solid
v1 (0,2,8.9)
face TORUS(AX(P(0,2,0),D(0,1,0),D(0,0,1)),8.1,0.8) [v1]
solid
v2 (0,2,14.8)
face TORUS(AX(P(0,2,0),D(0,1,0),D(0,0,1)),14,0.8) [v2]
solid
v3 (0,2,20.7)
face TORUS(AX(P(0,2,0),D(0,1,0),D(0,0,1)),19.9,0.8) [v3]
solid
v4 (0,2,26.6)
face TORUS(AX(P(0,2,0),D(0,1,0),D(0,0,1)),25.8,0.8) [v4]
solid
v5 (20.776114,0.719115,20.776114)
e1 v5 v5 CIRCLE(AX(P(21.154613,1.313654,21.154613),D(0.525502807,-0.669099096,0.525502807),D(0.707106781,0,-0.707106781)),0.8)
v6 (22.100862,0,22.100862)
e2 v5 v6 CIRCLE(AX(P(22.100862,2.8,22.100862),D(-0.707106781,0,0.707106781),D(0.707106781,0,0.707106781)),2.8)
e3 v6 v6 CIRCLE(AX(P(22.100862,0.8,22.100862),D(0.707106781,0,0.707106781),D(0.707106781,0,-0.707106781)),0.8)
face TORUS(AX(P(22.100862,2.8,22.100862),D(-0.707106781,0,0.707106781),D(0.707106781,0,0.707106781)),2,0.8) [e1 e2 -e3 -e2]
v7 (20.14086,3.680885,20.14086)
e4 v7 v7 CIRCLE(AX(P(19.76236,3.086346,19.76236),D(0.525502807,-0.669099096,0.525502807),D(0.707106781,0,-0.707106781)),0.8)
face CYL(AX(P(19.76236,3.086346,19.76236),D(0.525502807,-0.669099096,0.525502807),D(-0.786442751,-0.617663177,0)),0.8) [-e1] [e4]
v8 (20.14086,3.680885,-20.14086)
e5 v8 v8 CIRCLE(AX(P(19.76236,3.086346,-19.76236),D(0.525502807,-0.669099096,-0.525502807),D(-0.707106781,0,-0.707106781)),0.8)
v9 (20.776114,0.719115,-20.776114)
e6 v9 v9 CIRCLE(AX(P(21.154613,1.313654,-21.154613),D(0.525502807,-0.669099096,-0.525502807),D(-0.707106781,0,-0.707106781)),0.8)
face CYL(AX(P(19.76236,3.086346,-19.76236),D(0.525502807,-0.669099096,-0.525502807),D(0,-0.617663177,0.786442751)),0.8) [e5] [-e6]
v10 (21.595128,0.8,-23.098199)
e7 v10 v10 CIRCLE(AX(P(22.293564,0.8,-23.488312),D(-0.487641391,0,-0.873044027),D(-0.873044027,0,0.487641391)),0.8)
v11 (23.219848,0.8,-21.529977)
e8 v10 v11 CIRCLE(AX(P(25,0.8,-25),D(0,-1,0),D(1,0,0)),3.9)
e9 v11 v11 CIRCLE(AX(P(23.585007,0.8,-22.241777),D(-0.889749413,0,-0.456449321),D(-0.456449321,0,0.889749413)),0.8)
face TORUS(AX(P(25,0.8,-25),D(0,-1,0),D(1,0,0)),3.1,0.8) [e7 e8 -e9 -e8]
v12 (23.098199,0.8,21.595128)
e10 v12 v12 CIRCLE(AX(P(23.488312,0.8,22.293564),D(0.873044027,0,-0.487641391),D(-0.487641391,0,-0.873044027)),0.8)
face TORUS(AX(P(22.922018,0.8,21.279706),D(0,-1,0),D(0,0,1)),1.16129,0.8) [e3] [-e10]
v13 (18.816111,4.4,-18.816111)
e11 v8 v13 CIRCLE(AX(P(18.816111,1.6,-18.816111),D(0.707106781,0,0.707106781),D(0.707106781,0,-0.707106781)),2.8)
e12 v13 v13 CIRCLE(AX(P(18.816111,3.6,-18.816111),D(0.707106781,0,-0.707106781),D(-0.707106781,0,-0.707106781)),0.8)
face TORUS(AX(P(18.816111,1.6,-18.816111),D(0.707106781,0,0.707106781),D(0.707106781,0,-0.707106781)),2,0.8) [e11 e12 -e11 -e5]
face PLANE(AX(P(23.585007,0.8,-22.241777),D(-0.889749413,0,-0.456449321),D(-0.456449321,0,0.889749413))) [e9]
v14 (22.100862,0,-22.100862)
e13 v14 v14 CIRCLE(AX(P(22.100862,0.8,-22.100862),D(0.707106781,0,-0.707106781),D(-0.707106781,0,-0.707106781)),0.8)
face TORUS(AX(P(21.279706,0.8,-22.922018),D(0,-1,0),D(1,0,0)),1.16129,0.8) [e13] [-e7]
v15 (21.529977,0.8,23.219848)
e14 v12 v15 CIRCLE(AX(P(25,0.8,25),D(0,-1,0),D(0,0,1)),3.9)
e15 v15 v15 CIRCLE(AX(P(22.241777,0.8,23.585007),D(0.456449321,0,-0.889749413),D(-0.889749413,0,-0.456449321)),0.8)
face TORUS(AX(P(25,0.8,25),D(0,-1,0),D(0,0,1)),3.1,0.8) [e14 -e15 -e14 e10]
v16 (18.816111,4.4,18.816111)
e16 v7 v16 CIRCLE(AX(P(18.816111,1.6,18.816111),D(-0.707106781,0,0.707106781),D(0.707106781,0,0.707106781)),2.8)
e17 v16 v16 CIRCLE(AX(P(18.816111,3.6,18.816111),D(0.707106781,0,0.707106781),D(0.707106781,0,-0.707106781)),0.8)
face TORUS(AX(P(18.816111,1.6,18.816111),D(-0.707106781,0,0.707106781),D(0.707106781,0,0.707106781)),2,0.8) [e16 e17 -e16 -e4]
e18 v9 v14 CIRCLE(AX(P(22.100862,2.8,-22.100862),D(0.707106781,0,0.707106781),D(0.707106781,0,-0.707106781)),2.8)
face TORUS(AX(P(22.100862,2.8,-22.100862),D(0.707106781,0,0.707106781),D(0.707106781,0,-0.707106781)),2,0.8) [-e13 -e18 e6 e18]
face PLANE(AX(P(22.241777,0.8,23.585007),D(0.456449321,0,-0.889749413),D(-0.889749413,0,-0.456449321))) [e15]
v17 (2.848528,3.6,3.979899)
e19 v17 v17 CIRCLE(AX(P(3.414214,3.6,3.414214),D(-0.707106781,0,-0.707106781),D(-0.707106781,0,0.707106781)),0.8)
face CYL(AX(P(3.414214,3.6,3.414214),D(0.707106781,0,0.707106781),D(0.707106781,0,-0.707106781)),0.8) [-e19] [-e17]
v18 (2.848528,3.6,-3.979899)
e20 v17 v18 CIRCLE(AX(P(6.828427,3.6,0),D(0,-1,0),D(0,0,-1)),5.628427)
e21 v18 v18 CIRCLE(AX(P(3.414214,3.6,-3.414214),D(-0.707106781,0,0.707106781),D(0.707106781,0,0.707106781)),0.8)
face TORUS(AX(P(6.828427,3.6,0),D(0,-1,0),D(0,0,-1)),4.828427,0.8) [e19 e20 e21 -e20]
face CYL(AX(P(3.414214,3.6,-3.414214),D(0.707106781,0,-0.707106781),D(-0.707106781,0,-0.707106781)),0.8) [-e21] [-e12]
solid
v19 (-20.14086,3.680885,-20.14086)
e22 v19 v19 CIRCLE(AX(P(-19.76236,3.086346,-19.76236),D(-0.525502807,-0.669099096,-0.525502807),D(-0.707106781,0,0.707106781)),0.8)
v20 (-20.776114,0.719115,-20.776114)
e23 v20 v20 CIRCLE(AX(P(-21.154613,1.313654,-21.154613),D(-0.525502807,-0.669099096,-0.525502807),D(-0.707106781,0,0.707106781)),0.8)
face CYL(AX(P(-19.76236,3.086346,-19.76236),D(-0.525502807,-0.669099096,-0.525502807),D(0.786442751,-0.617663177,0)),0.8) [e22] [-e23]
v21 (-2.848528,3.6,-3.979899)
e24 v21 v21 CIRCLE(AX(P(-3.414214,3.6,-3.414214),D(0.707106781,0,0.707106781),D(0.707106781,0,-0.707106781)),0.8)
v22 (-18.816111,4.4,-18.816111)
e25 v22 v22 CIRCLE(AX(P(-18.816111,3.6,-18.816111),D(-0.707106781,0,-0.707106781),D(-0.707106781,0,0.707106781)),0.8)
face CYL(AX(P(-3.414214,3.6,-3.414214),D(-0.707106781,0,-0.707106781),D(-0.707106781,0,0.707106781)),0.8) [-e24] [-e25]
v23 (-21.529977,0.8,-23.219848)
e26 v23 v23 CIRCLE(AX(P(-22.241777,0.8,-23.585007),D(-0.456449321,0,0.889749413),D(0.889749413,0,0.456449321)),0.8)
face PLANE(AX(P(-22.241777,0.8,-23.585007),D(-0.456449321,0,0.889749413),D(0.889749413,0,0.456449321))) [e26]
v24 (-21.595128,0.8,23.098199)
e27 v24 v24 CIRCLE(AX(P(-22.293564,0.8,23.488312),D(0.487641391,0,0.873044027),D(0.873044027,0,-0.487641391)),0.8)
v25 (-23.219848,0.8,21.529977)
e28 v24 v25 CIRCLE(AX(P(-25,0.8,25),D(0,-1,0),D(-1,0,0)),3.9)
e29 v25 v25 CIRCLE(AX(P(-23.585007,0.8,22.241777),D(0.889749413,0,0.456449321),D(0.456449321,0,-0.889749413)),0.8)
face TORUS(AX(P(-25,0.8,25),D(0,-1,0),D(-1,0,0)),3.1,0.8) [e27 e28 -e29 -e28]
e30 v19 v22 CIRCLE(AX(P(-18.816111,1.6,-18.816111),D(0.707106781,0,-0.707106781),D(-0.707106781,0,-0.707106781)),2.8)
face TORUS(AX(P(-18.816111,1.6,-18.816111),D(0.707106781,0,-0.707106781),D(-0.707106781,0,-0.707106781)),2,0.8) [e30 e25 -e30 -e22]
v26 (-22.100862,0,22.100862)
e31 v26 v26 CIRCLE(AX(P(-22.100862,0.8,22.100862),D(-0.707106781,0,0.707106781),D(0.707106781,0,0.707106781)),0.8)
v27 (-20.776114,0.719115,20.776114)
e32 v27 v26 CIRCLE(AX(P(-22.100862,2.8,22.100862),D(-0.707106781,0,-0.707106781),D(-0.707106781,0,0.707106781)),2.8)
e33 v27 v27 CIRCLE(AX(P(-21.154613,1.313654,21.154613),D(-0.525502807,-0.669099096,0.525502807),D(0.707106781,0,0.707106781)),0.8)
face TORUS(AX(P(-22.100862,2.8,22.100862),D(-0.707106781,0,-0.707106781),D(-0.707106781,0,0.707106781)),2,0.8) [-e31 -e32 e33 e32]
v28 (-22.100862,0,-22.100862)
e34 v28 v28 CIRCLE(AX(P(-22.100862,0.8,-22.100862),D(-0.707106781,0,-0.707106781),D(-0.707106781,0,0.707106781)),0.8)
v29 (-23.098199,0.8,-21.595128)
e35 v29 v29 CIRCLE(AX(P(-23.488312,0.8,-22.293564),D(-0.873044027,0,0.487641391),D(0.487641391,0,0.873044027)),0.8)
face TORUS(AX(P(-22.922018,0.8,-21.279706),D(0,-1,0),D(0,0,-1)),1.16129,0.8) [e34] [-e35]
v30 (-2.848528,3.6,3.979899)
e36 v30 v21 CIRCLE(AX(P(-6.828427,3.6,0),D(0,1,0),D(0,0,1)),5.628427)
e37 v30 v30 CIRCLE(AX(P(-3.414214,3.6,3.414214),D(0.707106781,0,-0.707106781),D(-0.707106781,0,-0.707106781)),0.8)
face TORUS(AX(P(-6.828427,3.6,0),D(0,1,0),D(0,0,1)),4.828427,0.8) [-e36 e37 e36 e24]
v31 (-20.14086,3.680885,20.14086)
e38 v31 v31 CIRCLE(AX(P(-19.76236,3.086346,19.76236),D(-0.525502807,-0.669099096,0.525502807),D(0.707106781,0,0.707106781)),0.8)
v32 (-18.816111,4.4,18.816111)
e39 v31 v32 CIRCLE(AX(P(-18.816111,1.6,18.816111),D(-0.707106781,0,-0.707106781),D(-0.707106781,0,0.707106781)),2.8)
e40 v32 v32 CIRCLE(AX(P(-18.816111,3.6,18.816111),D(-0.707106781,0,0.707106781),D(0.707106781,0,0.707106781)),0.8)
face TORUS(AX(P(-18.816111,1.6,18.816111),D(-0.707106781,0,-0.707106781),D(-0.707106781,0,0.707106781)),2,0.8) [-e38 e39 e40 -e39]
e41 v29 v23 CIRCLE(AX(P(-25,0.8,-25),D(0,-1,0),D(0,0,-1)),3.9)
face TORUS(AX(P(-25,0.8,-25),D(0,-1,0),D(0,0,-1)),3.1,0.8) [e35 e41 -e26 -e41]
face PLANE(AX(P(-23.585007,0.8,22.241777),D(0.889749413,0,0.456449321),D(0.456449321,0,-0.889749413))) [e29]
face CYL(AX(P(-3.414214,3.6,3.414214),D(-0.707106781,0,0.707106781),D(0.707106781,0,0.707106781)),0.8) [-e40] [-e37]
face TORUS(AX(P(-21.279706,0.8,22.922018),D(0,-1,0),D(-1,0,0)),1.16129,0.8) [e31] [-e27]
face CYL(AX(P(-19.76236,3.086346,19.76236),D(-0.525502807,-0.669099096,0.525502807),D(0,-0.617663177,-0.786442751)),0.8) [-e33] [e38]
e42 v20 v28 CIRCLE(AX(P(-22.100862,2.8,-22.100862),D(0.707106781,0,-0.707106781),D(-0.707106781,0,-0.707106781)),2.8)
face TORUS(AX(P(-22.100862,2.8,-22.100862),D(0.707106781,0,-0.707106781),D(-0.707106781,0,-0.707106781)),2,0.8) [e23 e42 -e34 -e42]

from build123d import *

# Parameters (mm, degrees)
SKETCH1_R               = 0.8
SKETCH3_R               = 0.8
SKETCH5_R               = 0.8
SKETCH7_R               = 0.8
CUT_EXTRUDE1_DEPTH      = 42.106933873
CUT_EXTRUDE1_DEPTH_BACK = 42.106933873
CIRPATTERN1_COUNT       = 4
SKETCH10_R              = 0.8
SKETCH12_R              = 0.8


with BuildPart() as part:
    # Sketch1 → Revolve1 (revolve)
    with BuildSketch(Plane.XY, mode=Mode.PRIVATE) as revolve1_sk:
        with Locations((-8.1, 2)):
            Circle(SKETCH1_R)
        with Locations((-25.8, 2)):
            Circle(SKETCH1_R)
        with Locations((-19.9, 2)):
            Circle(SKETCH1_R)
        with Locations((-14, 2)):
            Circle(SKETCH1_R)
    revolve(revolve1_sk.sketch.rotate(Axis((0, 2, 0), (0, -1, 0)), 270), axis=Axis((0, 2, 0), (0, -1, 0)))


with BuildPart() as body_2:
    # Sweep1: sweep along a path in Sketch2
    with BuildLine(Plane(origin=(0, 0, 0), x_dir=(1, 0, 0), z_dir=(0, 1, 0))) as sweep1_path:
        Line((-18.816111447, 18.816111447), (-3.414213562, 3.414213562))
        ThreePointArc((-3.414213562, 3.414213562), (-2.36754213, 1.847759065), (-2, 0))
    # Sketch3 → Sweep1 (sweep)
    with BuildSketch(Plane.XY):
        with Locations((-2, 3.6)):
            Circle(SKETCH3_R)
    sweep(path=sweep1_path.line)

    # Sweep2: sweep along a path in Sketch4
    with BuildLine(Plane(origin=(0, 0, 0), x_dir=(-0.7071067811865488, 0, -0.7071067811865464), z_dir=(0.7071067811865464, 0, -0.7071067811865488))) as sweep2_path:
        ThreePointArc((26.61, 3.6), (27.326696314, 3.467176048), (27.948198192, 3.086346393))
        Line((27.948198192, 3.086346393), (29.917140868, 1.313653607))
        ThreePointArc((29.917140868, 1.313653607), (30.538642745, 0.932823952), (31.255339059, 0.8))
    # Sketch5 → Sweep2 (sweep)
    with BuildSketch(Plane(origin=(-18.816111447, 0, -18.816111447), x_dir=(-0.7071067811865516, 0, 0.7071067811865435), z_dir=(-0.7071067811865435, 0, -0.7071067811865516))):
        with Locations((0, 3.6)):
            Circle(SKETCH5_R)
    sweep(path=sweep2_path.line)

    # Sweep3: sweep along a path in Sketch6
    with BuildLine(Plane(origin=(0, 0, 0), x_dir=(1, 0, 0), z_dir=(0, 1, 0))) as sweep3_path:
        ThreePointArc((-22.100862197, 22.100862197), (-22.762261641, 22.429955027), (-23.488311688, 22.293563515))
        ThreePointArc((-23.488311688, 22.293563515), (-27.23046916, 27.152906716), (-22.241776821, 23.585007104))
    # Sketch7 → Sweep3 (sweep)
    with BuildSketch(Plane(origin=(-22.100862197, 0, -22.100862197), x_dir=(-0.7071067811865515, 2.0261570199408882e-15, 0.7071067811865437), z_dir=(-0.7071067811865437, -2.0261570199409115e-15, -0.7071067811865515))):
        with Locations((0, 0.8)):
            Circle(SKETCH7_R)
    sweep(path=sweep3_path.line)

    # Sketch8 → Cut-Extrude1 (cut, two sides: drawn at the far end of the back side and taken through both)
    with BuildSketch(Plane(origin=(0, 0, 0), x_dir=(1, 0, 0), z_dir=(0, 1, 0)).offset(-CUT_EXTRUDE1_DEPTH_BACK)):
        Polygon((-71.090054793, -64.261627668), (-3.979898987, 2.848528137), (-2.848528137, 3.979898987), (64.261627668, 71.090054793), (198.481939278, -63.130256818), (63.130256818, -198.481939278), align=None)
    extrude(amount=CUT_EXTRUDE1_DEPTH + CUT_EXTRUDE1_DEPTH_BACK, mode=Mode.SUBTRACT)


with BuildPart() as cirpattern1_1:
    # CirPattern1: pattern copy
    add(body_2.part.rotate(Axis((0, 0, 0), (0, 1, 0)), 1 * 360 / CIRPATTERN1_COUNT))


with BuildPart() as cirpattern1_2:
    # CirPattern1: pattern copy
    add(body_2.part.rotate(Axis((0, 0, 0), (0, 1, 0)), 2 * 360 / CIRPATTERN1_COUNT))



with BuildPart() as cirpattern1_3:
    # CirPattern1: pattern copy
    add(body_2.part.rotate(Axis((0, 0, 0), (0, 1, 0)), 3 * 360 / CIRPATTERN1_COUNT))


with BuildPart() as body_2_1:
    add(body_2.part)

    add(cirpattern1_1.part)  # Sweep4 merges CirPattern1_1
    # Sweep4: sweep along a path in Sketch9
    with BuildLine(Plane(origin=(0, 0, 0), x_dir=(1, 0, 0), z_dir=(0, 1, 0))) as sweep4_path:
        ThreePointArc((-3.414213562, 3.414213562), (-2, 0), (-3.414213562, -3.414213562))
    # Sketch10 → Sweep4 (sweep)
    with BuildSketch(Plane(origin=(-3.414213562, 0, -3.414213562), x_dir=(0.7071067811865474, 0, -0.7071067811865477), z_dir=(0.7071067811865477, 0, 0.7071067811865474))):
        with Locations((0, 3.6)):
            Circle(SKETCH10_R)
    sweep(path=sweep4_path.line)


with BuildPart() as cirpattern1_2_1:
    add(cirpattern1_2.part)

    add(cirpattern1_3.part)  # Sweep5 merges CirPattern1_3
    # Sweep5: sweep along a path in Sketch11
    with BuildLine(Plane(origin=(0, 0, 0), x_dir=(1, 0, 0), z_dir=(0, 1, 0))) as sweep5_path:
        ThreePointArc((3.414213562, 3.414213562), (2, 0), (3.414213562, -3.414213562))
    # Sketch12 → Sweep5 (sweep)
    with BuildSketch(Plane(origin=(3.414213562, 0, -3.414213562), x_dir=(0.7071067811865551, 2.0443912222444393e-15, 0.7071067811865399), z_dir=(-0.7071067811865399, 2.044391222244483e-15, 0.7071067811865551))):
        with Locations((0, 3.6)):
            Circle(SKETCH12_R)
    sweep(path=sweep5_path.line)


solid = Compound([part.part, body_2_1.part, cirpattern1_2_1.part])
